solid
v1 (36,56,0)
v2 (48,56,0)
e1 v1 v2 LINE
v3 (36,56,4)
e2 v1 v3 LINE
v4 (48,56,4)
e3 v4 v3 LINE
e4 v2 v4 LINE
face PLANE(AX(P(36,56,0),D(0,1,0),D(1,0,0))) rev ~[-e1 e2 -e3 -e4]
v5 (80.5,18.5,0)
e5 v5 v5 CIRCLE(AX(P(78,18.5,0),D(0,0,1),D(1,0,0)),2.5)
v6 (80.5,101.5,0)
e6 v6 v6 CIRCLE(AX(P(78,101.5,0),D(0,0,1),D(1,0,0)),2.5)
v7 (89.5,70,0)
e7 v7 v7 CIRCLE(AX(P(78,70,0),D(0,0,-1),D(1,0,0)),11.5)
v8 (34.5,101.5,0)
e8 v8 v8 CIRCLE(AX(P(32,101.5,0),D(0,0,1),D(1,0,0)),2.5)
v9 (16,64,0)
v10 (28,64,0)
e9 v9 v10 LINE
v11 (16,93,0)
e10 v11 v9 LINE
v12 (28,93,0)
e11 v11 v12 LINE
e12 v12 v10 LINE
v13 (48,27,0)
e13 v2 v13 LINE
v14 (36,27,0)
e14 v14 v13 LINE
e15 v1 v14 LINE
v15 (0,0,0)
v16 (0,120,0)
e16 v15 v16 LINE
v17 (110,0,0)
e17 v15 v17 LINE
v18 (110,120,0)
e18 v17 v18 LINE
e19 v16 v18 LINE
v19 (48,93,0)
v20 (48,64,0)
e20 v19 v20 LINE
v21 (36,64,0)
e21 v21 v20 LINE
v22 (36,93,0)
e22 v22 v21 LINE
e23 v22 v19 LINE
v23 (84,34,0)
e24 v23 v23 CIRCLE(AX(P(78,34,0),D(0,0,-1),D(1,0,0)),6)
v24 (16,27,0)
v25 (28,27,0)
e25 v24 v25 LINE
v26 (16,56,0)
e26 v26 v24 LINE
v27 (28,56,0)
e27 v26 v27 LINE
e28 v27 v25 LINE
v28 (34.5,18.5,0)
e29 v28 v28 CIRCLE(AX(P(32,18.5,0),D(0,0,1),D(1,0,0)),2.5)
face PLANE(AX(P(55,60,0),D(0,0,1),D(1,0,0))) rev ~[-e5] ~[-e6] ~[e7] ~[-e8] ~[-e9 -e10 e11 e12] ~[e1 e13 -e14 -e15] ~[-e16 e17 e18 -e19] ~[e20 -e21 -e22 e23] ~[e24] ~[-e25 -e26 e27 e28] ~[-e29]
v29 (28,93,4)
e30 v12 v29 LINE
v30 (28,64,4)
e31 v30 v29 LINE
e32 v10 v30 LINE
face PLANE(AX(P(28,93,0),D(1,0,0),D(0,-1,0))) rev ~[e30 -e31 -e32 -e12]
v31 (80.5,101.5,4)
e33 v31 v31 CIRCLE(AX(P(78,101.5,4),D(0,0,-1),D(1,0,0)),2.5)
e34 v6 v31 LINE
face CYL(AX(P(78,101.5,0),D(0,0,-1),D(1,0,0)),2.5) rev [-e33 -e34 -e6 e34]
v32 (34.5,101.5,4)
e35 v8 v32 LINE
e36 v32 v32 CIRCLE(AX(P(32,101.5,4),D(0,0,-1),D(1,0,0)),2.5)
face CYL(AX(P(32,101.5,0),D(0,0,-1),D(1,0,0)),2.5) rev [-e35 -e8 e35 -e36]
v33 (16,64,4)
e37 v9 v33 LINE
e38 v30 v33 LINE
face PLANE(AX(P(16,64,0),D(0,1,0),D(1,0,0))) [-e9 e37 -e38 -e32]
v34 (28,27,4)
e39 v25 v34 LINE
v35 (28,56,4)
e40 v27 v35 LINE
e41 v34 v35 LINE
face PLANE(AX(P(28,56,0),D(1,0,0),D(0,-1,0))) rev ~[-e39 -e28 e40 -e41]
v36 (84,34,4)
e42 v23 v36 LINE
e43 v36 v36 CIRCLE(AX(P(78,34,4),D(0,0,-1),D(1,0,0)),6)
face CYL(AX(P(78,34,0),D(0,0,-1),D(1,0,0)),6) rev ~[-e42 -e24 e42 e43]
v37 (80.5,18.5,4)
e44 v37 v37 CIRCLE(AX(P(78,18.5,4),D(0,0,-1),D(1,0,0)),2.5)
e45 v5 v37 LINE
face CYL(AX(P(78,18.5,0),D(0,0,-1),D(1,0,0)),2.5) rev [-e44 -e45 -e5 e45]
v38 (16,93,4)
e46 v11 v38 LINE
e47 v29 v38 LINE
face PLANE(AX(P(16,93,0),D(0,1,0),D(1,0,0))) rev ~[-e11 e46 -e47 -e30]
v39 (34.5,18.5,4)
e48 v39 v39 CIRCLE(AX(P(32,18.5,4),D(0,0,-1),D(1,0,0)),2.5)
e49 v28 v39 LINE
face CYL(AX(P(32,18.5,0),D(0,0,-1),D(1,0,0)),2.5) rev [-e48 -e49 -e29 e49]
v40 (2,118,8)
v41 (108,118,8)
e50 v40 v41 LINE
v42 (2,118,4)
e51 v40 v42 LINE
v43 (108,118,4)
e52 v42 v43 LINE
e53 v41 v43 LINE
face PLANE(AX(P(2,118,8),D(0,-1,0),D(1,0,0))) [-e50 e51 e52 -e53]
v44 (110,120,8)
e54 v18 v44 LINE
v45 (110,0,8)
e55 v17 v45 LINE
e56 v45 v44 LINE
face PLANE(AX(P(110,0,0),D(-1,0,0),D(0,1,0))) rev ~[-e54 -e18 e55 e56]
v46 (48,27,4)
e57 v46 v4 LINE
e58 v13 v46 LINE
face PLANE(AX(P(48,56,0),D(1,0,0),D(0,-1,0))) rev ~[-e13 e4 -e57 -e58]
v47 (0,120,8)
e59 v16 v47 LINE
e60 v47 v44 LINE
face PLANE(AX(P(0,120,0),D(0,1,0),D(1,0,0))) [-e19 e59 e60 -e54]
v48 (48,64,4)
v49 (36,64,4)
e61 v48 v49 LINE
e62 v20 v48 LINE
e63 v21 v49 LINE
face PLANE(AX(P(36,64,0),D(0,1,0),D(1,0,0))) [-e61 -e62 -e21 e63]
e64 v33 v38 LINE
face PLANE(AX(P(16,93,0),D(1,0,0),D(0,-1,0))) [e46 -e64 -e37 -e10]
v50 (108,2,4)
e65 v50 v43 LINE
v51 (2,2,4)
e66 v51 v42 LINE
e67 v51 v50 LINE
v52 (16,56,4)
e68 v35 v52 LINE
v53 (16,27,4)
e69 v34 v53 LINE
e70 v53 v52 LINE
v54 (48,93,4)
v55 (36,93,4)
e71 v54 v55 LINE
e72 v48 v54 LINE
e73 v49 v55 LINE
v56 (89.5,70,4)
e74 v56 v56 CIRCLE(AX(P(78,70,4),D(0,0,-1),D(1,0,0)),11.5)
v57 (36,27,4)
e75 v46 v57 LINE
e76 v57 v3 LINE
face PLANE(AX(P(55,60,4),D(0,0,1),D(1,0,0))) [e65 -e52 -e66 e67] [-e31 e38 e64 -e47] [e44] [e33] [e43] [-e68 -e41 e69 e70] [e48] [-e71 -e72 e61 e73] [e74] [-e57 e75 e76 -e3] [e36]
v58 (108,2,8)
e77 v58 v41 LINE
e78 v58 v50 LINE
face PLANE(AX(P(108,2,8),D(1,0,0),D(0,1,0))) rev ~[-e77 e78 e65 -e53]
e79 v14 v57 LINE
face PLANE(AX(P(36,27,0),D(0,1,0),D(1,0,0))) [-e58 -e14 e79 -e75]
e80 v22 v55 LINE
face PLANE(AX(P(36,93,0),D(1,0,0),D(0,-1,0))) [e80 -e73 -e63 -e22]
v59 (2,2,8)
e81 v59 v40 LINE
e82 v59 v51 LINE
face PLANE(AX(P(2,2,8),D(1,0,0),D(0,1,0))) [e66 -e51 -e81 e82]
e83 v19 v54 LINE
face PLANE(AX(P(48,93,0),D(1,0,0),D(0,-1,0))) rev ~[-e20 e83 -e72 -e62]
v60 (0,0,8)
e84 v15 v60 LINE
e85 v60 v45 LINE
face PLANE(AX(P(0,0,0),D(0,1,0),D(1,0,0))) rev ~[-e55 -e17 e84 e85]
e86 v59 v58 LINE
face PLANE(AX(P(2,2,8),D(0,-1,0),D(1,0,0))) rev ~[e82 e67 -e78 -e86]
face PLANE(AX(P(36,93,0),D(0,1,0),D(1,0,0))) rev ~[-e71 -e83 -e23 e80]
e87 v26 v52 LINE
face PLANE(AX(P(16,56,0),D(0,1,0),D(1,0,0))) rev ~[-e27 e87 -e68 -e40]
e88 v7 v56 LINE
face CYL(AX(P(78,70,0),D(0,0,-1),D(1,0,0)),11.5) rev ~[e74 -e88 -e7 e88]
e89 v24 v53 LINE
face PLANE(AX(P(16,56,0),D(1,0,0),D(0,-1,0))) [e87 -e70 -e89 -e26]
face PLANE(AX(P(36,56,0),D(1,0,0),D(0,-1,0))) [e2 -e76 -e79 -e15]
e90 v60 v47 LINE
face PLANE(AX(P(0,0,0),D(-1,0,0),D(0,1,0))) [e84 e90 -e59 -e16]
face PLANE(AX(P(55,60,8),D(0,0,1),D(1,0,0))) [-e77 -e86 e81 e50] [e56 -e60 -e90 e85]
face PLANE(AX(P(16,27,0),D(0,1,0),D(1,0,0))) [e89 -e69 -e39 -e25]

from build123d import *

# Parameters (mm, degrees)
SKETCH_W        = 110
SKETCH_H        = 120
SKETCH_R        = 2.5
PAD_DEPTH       = 8
SKETCH001_W     = 106
SKETCH001_H     = 116
POCKET_DEPTH    = 4
SKETCH002_R     = 11.5
SKETCH002_R_2   = 6
SKETCH002_W     = 12
SKETCH002_H     = 29
POCKET001_DEPTH = 8.001


with BuildPart() as part:
    # Sketch → Pad (new body)
    with BuildSketch(Plane.XY):
        with Locations((55, 60)):
            Rectangle(SKETCH_W, SKETCH_H)
        with Locations((32, 101.5)):
            Circle(SKETCH_R, mode=Mode.SUBTRACT)
        with Locations((78, 101.5)):
            Circle(SKETCH_R, mode=Mode.SUBTRACT)
        with Locations((32, 18.5)):
            Circle(SKETCH_R, mode=Mode.SUBTRACT)
        with Locations((78, 18.5)):
            Circle(SKETCH_R, mode=Mode.SUBTRACT)
    extrude(amount=PAD_DEPTH)

    # Sketch001 → Pocket (cut)
    with BuildSketch(Plane.XY.offset(8)):
        with Locations((55, 60)):
            Rectangle(SKETCH001_W, SKETCH001_H)
    extrude(amount=-POCKET_DEPTH, mode=Mode.SUBTRACT)

    # Sketch002 → Pocket001 (cut, through all)
    with BuildSketch(Plane(origin=(0, 0, 0), x_dir=(1, 0, 0), z_dir=(0, 0, -1))):
        with Locations((78, -70)):
            Circle(SKETCH002_R)
        with Locations((78, -34)):
            Circle(SKETCH002_R_2)
        with Locations((22, -41.5)):
            Rectangle(SKETCH002_W, SKETCH002_H)
        with Locations((42, -41.5)):
            Rectangle(SKETCH002_W, SKETCH002_H)
        with Locations((22, -78.5)):
            Rectangle(SKETCH002_W, SKETCH002_H)
        with Locations((42, -78.5)):
            Rectangle(SKETCH002_W, SKETCH002_H)
    extrude(amount=-POCKET001_DEPTH, mode=Mode.SUBTRACT)


solid = part.part
